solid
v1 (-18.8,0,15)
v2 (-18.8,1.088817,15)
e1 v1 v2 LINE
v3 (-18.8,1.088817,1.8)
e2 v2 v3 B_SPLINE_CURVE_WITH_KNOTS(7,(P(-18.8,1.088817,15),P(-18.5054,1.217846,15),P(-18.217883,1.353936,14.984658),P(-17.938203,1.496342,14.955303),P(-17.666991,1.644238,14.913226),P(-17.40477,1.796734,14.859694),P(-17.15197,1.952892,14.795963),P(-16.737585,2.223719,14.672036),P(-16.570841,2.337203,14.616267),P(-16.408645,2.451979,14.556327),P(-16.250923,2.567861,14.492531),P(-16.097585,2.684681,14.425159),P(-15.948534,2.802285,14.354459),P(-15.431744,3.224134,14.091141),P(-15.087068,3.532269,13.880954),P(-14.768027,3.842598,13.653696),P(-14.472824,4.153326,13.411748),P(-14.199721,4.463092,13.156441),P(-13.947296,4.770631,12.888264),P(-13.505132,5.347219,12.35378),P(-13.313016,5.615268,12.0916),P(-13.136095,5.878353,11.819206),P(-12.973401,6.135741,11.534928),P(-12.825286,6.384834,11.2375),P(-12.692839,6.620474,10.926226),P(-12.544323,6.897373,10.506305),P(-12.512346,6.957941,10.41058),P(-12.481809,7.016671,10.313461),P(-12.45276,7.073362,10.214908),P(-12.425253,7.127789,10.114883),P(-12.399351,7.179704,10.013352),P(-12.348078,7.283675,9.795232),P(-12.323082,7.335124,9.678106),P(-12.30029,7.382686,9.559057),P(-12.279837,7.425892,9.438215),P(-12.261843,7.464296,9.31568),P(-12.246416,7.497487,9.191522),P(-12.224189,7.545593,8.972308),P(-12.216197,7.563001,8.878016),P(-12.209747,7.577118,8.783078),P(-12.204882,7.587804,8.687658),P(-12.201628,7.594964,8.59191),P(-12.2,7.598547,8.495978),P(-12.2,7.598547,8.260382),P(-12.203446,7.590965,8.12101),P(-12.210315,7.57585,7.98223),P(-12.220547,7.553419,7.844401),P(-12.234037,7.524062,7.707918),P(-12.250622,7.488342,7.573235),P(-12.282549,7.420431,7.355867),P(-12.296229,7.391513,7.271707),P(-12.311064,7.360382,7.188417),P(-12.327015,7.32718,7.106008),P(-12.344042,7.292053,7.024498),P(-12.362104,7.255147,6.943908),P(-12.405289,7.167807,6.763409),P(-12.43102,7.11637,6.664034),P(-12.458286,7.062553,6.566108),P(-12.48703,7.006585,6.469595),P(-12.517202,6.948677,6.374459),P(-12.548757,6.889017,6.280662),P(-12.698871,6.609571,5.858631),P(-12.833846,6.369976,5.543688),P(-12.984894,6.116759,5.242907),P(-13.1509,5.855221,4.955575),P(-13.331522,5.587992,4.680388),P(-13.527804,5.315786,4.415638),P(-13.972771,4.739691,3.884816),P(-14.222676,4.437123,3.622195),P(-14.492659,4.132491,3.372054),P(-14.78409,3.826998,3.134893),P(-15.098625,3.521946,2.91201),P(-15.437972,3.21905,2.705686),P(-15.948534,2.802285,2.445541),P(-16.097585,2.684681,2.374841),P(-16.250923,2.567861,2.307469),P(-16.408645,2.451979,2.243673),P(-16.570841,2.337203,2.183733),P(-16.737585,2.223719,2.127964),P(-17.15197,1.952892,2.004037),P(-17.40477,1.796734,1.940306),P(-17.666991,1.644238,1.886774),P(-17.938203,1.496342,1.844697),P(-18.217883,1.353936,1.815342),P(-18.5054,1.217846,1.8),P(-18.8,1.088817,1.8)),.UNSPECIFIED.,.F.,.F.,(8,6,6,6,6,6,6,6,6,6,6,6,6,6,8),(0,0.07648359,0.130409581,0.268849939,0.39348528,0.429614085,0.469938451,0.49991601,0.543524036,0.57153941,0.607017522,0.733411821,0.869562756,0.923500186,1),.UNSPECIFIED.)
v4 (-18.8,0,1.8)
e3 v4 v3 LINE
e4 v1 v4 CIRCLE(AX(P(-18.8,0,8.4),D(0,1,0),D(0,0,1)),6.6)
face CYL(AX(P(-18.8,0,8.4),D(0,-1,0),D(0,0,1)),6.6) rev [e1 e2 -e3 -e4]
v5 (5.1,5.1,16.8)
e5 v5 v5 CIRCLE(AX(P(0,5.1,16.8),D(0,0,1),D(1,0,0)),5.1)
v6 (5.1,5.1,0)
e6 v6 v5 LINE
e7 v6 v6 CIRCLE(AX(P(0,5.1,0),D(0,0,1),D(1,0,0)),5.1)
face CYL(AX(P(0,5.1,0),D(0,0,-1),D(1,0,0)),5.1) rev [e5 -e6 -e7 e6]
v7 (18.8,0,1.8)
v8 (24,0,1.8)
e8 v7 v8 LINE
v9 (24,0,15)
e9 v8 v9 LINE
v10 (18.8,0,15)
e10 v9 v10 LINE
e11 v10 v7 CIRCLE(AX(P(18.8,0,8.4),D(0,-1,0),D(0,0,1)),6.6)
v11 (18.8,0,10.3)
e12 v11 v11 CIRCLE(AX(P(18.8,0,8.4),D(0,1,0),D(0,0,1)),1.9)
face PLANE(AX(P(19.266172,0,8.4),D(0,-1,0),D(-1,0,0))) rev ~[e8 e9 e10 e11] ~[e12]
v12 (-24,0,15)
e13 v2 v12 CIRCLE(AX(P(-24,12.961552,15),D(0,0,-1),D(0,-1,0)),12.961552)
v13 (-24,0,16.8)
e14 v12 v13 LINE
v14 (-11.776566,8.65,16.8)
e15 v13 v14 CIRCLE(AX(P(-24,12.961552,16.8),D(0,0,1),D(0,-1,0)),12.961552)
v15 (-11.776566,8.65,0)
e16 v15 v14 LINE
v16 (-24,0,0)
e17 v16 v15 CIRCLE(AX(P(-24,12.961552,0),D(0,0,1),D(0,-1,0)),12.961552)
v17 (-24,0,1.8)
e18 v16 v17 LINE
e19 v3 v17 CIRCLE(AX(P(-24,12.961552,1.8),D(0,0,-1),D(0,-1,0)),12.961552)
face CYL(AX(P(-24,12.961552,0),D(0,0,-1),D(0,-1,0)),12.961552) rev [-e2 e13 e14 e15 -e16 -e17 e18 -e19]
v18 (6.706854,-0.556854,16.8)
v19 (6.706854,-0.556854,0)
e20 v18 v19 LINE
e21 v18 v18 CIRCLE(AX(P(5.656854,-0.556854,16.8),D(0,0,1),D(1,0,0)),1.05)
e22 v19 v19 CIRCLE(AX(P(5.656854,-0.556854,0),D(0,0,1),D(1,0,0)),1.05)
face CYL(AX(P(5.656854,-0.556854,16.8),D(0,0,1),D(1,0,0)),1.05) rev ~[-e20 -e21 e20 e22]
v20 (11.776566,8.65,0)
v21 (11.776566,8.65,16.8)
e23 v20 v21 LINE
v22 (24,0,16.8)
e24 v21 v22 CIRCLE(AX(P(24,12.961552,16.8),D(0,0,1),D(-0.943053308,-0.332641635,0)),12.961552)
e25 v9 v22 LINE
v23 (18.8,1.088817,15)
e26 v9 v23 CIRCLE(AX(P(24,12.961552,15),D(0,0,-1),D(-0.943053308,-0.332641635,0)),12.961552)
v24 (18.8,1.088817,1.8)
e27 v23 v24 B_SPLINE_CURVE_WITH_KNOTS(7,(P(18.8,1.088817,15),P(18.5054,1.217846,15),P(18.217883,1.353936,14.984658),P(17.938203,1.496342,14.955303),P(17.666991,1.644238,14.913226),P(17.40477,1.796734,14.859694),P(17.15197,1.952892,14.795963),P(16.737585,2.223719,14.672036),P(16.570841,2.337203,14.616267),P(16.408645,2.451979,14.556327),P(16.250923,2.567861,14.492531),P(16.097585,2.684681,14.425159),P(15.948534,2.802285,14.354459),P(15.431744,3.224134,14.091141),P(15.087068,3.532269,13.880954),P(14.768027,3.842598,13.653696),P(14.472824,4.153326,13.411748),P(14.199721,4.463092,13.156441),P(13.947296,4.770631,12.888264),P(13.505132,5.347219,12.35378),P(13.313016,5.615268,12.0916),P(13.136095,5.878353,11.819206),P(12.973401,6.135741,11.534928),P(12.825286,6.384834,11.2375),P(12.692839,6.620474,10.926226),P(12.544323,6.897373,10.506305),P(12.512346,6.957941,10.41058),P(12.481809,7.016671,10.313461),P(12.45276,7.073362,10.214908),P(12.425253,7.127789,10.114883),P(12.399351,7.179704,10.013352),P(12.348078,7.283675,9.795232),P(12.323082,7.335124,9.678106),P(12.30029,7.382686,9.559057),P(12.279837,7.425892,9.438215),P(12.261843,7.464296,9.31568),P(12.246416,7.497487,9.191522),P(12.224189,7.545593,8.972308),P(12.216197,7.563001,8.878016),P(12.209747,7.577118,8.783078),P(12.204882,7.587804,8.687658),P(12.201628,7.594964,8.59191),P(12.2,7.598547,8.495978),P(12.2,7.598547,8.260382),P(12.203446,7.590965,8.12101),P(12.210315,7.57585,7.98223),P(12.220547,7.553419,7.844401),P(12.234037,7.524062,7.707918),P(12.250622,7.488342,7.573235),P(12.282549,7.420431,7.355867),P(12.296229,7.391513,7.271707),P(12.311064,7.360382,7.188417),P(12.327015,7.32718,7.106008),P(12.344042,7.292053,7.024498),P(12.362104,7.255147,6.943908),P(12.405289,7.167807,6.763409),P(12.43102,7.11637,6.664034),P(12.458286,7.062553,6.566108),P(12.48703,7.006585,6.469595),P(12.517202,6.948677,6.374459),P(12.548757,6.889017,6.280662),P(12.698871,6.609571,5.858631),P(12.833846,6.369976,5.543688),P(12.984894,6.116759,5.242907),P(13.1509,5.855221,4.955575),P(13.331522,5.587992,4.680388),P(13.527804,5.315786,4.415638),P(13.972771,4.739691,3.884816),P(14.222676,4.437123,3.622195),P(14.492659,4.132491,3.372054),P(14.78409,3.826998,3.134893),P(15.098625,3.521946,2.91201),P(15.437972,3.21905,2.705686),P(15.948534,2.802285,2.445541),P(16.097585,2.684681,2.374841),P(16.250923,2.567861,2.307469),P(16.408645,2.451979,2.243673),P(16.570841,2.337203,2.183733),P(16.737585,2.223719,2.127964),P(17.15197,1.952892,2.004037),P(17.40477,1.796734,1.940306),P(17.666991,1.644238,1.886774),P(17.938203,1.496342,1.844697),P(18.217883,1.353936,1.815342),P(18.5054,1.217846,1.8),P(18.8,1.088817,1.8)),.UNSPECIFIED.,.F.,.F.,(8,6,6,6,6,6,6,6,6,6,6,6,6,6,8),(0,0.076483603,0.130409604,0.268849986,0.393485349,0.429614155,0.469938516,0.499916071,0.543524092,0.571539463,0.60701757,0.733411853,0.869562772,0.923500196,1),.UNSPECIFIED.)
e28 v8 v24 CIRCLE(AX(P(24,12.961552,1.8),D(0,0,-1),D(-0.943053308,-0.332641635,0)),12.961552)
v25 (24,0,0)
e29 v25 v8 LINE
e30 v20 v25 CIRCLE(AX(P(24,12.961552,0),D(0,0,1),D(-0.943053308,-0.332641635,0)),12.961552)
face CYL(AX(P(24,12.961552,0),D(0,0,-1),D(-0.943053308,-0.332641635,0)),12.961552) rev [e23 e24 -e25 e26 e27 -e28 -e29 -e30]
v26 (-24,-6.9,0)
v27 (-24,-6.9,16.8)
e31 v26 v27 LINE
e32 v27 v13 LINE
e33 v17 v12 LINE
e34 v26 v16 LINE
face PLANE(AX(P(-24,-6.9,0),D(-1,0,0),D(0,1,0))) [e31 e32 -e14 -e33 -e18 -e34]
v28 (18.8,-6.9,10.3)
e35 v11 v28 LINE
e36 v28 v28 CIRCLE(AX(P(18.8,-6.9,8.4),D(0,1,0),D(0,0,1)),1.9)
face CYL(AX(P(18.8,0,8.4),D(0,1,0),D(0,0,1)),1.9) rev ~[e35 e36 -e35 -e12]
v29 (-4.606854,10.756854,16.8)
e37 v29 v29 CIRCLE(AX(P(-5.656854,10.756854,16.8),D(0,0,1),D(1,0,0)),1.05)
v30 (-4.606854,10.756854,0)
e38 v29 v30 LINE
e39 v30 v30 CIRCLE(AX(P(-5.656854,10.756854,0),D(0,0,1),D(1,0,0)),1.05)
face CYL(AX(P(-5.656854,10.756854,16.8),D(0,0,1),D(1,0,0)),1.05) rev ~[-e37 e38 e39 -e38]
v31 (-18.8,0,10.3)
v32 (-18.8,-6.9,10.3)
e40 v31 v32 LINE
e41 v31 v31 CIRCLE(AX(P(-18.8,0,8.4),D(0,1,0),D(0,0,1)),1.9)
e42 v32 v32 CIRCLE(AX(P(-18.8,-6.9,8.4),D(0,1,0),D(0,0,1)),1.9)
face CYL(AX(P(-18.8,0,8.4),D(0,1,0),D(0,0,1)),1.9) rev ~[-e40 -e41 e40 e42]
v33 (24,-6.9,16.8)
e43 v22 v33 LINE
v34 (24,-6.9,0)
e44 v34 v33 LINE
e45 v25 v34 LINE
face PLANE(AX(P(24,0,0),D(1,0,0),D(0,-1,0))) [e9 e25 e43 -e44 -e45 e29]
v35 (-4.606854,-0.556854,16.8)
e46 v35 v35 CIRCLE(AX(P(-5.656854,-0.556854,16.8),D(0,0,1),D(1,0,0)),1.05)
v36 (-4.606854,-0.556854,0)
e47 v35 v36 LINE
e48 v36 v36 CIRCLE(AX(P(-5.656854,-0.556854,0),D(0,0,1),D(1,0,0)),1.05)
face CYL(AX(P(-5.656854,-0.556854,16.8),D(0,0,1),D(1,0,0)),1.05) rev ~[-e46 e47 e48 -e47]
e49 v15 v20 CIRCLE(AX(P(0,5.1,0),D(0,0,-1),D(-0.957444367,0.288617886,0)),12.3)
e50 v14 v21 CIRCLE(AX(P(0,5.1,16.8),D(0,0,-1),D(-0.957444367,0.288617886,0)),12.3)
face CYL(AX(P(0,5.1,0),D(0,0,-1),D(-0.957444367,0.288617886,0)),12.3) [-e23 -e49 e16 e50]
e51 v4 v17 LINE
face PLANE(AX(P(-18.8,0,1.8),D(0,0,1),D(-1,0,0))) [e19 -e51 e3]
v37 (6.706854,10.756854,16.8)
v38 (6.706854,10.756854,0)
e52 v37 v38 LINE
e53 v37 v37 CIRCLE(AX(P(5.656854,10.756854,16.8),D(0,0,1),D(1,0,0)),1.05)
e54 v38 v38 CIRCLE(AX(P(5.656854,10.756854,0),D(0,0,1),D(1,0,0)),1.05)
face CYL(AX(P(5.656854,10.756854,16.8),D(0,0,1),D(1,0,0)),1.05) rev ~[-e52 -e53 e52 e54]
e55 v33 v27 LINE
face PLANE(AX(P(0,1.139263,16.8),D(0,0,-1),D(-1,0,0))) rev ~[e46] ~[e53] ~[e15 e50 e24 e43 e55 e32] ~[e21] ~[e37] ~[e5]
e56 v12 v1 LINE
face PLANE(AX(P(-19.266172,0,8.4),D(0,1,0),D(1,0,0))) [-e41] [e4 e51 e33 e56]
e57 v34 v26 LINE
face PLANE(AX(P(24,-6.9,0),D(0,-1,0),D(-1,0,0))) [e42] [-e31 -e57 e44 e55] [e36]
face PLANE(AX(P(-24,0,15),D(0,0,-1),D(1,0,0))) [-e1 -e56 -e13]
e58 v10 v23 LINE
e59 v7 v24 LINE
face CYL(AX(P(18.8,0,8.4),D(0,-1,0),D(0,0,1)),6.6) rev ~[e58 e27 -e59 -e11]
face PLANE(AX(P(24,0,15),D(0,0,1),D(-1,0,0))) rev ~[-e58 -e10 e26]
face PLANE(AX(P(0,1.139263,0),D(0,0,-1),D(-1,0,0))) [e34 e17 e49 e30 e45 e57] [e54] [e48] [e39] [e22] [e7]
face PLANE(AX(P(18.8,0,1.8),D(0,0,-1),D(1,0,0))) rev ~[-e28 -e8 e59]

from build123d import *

# Parameters (mm, degrees)
CROQUIS2_R              = 5.1
SALIENTE_EXTRUIR1_DEPTH = 16.8
CROQUIS3_R              = 1.05
CORTAR_EXTRUIR1_DEPTH   = 35.073450075
CORTAR_EXTRUIR2_DEPTH   = 35.073450075
CROQUIS5_R              = 1.9
CORTAR_EXTRUIR3_DEPTH   = 35.073450195


with BuildPart() as part:
    # Croquis2 → Saliente-Extruir1 (new body)
    with BuildSketch(Plane.XY):
        with BuildLine():
            Line((24, 0), (24, -6.9))
            Line((24, -6.9), (-24, -6.9))
            Line((-24, -6.9), (-24, 0))
            ThreePointArc((-24, 0), (-16.512763431, 2.381234531), (-11.776565713, 8.65))
            ThreePointArc((-11.776565713, 8.65), (0, 17.4), (11.776565713, 8.65))
            ThreePointArc((11.776565713, 8.65), (16.512763431, 2.381234531), (24, 0))
        make_face()
        with Locations((0, 5.1)):
            Circle(CROQUIS2_R, mode=Mode.SUBTRACT)
    extrude(amount=SALIENTE_EXTRUIR1_DEPTH)

    # Croquis3 → Cortar-Extruir1 (cut, through all)
    with BuildSketch(Plane.XY.offset(16.8)):
        with Locations((5.656854249, 10.756854249)):
            Circle(CROQUIS3_R)
        with Locations((5.656854249, -0.556854249)):
            Circle(CROQUIS3_R)
        with Locations((-5.656854249, -0.556854249)):
            Circle(CROQUIS3_R)
        with Locations((-5.656854249, 10.756854249)):
            Circle(CROQUIS3_R)
    extrude(amount=-CORTAR_EXTRUIR1_DEPTH, mode=Mode.SUBTRACT)

    # Croquis4 → Cortar-Extruir2 (cut, through all)
    with BuildSketch(Plane(origin=(0, 0, 0), x_dir=(1, 0, 0), z_dir=(0, 1, 0))):
        with BuildLine():
            Line((-24, -1.8), (-24, -15))
            Line((-24, -15), (-18.8, -15))
            ThreePointArc((-18.8, -15), (-12.2, -8.4), (-18.8, -1.8))
            Line((-18.8, -1.8), (-24, -1.8))
        make_face()
        with BuildLine():
            Line((24, -15), (18.8, -15))
            ThreePointArc((18.8, -15), (12.2, -8.4), (18.8, -1.8))
            Line((18.8, -1.8), (24, -1.8))
            Line((24, -1.8), (24, -15))
        make_face()
    extrude(amount=CORTAR_EXTRUIR2_DEPTH, mode=Mode.SUBTRACT)

    # Croquis5 → Cortar-Extruir3 (cut, through all)
    with BuildSketch(Plane(origin=(0, 0, 0), x_dir=(1, 0, 0), z_dir=(0, 1, 0))):
        with Locations(Location((-18.8, -8.4, 0), (0, 0, 270))):
            Circle(CROQUIS5_R)
        with Locations(Location((18.8, -8.4, 0), (0, 0, 270))):
            Circle(CROQUIS5_R)
    extrude(amount=-CORTAR_EXTRUIR3_DEPTH, mode=Mode.SUBTRACT)


solid = part.part
